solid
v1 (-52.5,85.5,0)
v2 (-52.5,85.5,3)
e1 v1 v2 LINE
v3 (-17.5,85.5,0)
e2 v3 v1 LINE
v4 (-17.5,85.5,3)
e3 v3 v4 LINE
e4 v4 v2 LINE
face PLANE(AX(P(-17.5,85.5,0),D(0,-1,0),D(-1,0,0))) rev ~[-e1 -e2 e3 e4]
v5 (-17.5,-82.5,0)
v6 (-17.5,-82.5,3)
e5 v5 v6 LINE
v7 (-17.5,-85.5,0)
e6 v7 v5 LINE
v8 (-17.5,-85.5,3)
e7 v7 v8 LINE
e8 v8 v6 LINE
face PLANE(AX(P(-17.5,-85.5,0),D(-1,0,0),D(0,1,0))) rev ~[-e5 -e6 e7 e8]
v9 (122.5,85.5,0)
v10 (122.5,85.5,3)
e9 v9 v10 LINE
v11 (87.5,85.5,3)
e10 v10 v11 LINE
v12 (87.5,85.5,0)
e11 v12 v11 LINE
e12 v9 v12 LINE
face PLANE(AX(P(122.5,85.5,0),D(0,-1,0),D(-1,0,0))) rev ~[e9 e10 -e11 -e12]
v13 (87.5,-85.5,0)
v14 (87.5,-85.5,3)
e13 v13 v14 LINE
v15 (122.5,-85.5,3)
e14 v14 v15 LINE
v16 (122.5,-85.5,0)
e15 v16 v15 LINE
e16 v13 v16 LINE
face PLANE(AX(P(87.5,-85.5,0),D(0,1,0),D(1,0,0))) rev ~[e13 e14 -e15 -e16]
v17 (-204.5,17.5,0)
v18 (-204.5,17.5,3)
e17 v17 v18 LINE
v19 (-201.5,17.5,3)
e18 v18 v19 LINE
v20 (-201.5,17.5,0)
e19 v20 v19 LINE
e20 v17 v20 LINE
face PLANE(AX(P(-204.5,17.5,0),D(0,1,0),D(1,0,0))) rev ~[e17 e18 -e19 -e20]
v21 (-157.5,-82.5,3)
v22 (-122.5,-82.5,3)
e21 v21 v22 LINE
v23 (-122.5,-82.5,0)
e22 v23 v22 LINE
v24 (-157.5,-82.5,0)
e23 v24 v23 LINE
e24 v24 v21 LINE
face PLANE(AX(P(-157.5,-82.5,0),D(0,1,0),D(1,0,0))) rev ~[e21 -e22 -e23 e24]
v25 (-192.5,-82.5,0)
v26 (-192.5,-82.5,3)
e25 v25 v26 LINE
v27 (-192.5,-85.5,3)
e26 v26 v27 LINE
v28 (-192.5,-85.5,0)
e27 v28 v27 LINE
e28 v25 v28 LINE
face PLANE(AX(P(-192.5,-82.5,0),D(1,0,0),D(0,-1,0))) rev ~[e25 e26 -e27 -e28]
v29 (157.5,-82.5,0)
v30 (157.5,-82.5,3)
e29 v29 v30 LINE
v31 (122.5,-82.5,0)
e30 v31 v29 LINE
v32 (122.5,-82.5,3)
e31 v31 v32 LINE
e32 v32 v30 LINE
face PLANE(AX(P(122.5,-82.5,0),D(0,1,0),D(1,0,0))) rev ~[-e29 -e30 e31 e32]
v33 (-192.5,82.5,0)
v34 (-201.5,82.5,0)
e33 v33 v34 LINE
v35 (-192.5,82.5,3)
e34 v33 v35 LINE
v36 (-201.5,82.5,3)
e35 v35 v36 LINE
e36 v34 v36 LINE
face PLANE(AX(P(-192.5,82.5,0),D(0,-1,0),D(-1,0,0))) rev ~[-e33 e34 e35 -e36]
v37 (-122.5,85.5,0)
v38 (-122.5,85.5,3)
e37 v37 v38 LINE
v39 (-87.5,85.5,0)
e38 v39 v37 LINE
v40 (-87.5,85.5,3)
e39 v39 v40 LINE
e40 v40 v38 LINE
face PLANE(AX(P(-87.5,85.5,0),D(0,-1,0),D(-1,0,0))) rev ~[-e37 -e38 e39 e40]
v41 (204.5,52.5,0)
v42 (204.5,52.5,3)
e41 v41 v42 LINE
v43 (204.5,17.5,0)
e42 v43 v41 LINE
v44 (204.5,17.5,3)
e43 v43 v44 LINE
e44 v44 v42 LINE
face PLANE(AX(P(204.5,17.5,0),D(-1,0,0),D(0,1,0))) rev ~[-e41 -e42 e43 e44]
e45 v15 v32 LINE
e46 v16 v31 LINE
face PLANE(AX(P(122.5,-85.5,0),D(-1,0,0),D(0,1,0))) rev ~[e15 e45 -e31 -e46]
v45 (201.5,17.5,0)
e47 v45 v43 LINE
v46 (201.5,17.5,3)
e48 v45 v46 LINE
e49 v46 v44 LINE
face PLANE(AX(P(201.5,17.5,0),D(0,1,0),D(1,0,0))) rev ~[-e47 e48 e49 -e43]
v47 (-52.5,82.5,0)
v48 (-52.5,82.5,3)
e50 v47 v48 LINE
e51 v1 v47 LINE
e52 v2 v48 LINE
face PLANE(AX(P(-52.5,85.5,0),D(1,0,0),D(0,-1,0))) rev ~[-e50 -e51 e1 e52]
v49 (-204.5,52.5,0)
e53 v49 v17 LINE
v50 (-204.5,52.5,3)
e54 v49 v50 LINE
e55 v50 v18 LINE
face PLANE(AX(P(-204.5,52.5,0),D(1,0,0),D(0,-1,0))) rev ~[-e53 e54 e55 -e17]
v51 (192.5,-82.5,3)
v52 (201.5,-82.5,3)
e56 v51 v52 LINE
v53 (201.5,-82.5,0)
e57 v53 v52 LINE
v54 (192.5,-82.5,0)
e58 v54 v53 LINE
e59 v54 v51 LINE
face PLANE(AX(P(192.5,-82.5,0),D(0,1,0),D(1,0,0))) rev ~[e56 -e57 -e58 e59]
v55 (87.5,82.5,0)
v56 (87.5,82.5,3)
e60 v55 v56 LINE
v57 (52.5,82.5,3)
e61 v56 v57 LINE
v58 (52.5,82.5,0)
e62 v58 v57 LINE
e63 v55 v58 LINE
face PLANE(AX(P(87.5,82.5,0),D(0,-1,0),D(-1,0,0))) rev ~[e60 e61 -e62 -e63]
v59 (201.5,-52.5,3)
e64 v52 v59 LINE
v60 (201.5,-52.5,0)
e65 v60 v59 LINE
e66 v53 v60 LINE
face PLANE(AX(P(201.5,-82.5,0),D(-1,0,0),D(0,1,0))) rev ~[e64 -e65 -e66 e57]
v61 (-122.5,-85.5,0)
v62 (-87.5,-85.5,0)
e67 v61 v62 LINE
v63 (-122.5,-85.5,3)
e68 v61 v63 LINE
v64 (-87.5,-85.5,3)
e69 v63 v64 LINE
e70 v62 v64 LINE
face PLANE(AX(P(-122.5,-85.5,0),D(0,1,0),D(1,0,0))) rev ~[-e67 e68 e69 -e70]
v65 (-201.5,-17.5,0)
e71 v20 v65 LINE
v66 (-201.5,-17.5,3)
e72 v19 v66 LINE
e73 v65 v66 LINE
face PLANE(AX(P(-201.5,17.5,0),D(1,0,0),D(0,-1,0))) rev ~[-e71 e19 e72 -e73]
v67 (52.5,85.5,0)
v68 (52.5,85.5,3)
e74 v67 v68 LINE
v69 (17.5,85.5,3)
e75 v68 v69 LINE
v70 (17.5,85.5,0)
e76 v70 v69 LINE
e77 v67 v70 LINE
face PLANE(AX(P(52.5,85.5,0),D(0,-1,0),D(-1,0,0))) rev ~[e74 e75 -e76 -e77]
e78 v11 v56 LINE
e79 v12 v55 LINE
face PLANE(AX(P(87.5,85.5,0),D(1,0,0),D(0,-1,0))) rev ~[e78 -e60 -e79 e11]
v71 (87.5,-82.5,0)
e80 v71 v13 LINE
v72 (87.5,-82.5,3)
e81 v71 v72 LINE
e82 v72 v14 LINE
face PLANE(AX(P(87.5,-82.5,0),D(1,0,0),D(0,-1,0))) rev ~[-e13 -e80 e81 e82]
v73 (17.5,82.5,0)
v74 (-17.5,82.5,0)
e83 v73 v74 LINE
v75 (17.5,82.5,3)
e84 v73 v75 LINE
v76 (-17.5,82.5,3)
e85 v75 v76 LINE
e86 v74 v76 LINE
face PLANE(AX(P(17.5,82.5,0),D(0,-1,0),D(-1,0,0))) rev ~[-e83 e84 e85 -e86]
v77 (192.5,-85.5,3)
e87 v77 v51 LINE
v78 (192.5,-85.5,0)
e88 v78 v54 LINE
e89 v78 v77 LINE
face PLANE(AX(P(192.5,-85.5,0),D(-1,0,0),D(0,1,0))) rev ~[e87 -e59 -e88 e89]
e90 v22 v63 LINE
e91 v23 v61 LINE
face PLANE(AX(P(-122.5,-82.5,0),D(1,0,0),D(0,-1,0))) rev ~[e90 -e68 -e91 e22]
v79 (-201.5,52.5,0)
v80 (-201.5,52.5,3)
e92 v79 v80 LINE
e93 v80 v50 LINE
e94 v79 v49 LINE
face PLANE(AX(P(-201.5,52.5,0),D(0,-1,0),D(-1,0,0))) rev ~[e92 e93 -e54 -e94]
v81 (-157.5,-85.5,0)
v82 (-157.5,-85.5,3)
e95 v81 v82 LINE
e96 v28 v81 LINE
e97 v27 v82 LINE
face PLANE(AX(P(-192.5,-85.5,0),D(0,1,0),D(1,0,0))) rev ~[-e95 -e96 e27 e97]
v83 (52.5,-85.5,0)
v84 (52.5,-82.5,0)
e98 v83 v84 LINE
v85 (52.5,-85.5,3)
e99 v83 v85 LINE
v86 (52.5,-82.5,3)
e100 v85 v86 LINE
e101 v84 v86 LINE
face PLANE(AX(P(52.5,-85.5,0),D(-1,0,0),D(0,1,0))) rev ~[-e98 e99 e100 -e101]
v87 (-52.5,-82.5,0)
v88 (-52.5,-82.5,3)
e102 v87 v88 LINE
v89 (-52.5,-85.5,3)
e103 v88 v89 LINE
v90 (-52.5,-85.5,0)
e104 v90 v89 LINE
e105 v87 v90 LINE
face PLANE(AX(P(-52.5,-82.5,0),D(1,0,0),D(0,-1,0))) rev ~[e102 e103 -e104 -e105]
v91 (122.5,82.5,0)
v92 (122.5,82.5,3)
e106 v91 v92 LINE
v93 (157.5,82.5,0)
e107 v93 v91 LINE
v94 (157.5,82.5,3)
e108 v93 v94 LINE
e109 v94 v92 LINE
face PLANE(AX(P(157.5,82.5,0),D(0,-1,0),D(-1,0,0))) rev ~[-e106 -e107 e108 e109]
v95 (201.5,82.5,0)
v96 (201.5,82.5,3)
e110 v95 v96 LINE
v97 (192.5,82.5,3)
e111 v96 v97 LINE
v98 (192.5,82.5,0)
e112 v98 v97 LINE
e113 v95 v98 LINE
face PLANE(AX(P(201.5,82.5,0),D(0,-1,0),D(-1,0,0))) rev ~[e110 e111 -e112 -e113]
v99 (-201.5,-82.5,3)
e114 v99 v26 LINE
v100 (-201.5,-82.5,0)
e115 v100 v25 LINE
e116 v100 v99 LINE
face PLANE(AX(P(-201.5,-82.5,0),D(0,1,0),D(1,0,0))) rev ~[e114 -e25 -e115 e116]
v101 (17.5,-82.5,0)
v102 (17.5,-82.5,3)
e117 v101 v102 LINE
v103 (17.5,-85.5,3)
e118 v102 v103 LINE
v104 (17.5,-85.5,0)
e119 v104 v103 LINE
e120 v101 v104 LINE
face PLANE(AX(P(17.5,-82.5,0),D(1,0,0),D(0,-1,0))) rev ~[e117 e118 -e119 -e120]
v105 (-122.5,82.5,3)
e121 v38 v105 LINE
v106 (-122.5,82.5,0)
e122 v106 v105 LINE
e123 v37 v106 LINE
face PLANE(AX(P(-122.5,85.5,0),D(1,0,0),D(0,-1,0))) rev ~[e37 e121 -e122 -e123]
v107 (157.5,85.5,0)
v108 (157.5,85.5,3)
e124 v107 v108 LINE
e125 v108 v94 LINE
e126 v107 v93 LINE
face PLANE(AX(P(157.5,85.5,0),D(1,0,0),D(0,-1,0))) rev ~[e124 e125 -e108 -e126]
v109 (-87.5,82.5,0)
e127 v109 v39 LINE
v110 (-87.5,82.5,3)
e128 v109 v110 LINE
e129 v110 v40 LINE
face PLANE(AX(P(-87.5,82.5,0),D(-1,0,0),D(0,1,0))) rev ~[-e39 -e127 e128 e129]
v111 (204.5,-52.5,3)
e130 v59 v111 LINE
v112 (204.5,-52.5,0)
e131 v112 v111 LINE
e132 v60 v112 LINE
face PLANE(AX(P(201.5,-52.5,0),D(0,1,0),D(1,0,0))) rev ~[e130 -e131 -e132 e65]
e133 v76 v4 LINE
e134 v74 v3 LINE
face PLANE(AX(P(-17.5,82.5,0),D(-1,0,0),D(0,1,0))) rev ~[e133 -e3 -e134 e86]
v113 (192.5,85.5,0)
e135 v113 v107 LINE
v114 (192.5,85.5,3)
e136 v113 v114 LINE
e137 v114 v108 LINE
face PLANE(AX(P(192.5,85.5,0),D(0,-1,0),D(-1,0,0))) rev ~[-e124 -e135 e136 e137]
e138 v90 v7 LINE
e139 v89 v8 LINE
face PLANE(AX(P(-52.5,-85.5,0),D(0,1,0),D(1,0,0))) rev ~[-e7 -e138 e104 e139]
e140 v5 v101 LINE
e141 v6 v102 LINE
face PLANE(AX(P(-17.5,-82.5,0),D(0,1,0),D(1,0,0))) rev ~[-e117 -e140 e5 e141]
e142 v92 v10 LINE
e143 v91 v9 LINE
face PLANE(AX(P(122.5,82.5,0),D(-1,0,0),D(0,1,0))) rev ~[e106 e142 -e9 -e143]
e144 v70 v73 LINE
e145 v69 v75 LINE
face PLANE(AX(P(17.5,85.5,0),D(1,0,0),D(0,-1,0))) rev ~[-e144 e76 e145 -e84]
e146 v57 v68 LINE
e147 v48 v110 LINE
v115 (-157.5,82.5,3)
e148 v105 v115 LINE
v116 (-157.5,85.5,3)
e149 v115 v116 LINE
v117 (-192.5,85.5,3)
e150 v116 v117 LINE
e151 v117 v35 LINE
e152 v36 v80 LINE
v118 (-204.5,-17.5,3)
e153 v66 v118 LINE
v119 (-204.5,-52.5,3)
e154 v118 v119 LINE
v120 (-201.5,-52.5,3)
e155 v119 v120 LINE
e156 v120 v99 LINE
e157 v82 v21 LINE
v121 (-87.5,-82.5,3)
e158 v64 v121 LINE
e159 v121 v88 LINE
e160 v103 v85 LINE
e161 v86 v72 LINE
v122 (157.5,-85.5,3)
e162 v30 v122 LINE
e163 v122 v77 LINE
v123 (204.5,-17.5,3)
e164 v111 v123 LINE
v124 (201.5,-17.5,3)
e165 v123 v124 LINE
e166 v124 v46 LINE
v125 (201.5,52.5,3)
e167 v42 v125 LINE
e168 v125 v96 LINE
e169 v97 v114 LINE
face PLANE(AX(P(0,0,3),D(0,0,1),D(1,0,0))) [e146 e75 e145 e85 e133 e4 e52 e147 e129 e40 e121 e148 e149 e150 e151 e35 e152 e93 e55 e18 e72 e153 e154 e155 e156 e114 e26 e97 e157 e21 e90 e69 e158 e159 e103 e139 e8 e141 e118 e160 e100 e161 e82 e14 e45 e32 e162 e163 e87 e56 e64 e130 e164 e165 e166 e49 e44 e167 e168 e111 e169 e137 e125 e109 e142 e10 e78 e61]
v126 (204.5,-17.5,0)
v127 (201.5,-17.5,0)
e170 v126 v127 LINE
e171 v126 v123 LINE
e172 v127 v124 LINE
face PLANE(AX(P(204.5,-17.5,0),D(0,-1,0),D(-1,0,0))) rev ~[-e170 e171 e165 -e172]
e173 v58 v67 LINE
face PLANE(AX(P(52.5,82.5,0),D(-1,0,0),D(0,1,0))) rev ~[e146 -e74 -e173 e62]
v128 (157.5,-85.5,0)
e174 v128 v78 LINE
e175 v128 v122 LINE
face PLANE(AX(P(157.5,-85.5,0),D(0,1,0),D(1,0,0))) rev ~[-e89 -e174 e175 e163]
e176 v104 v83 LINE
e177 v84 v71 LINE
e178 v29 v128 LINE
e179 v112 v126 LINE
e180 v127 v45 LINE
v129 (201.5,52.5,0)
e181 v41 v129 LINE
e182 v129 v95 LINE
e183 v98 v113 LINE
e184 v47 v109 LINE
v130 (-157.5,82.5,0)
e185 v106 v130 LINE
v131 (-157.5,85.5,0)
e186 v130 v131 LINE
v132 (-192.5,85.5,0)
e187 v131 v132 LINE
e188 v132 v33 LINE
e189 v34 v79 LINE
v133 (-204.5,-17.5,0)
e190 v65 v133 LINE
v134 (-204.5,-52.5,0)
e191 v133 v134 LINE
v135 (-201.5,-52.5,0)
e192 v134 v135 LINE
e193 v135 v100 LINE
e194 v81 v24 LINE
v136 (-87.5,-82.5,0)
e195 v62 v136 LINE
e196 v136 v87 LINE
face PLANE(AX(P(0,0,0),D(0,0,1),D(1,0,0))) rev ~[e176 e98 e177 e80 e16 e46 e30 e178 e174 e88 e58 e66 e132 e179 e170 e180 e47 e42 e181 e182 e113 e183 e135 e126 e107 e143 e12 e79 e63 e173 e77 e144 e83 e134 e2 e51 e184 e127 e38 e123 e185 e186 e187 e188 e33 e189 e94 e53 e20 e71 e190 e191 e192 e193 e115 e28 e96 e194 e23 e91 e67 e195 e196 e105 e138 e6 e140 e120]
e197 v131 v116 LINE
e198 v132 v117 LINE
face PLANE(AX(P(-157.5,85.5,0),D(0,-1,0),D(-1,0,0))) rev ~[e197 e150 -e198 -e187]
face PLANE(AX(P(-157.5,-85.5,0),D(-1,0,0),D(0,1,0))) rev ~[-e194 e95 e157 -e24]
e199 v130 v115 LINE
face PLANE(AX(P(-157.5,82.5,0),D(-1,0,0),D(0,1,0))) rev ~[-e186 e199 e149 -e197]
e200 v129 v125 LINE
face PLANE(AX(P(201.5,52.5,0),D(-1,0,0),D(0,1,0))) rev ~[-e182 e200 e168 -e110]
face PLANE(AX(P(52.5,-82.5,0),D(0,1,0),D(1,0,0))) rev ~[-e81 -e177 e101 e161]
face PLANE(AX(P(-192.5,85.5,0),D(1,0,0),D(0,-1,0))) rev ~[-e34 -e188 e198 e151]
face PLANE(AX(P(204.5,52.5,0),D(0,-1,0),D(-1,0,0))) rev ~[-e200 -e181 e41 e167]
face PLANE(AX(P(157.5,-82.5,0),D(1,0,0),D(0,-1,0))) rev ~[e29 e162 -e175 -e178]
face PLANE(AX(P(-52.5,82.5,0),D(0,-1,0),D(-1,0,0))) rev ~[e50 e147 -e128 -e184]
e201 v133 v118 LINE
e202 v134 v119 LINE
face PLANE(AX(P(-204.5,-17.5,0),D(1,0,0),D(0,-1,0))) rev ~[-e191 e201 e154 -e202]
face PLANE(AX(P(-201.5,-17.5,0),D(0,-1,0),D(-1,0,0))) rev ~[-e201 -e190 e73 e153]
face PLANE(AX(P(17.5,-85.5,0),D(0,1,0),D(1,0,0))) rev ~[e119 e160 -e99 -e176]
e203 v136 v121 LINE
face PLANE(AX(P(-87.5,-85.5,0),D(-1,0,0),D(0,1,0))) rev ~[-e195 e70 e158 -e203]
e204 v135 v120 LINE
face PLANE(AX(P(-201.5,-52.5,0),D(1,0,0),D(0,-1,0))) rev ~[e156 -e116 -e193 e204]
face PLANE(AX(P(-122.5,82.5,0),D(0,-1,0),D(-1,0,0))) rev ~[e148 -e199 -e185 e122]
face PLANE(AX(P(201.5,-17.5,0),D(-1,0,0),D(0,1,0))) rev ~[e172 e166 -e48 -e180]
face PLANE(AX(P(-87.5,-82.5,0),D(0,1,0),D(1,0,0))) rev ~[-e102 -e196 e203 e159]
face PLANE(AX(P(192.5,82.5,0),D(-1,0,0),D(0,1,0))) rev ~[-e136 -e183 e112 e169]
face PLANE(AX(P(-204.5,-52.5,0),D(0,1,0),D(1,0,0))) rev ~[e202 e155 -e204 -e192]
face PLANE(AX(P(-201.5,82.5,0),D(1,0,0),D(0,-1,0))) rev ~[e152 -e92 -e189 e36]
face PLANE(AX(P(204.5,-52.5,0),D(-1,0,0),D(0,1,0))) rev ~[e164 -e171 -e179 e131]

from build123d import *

# Parameters (mm, degrees)
BOSS_EXTRUDE1_DEPTH = 3


with BuildPart() as part:
    # Model → Boss-Extrude1 (new body)
    with BuildSketch(Plane.XY):
        Polygon((192.5, 85.5), (157.5, 85.5), (157.5, 82.5), (122.5, 82.5), (122.5, 85.5), (87.5, 85.5), (87.5, 82.5), (52.5, 82.5), (52.5, 85.5), (17.5, 85.5), (17.5, 82.5), (-17.5, 82.5), (-17.5, 85.5), (-52.5, 85.5), (-52.5, 82.5), (-87.5, 82.5), (-87.5, 85.5), (-122.5, 85.5), (-122.5, 82.5), (-157.5, 82.5), (-157.5, 85.5), (-192.5, 85.5), (-192.5, 82.5), (-201.5, 82.5), (-201.5, 52.5), (-204.5, 52.5), (-204.5, 17.5), (-201.5, 17.5), (-201.5, -17.5), (-204.5, -17.5), (-204.5, -52.5), (-201.5, -52.5), (-201.5, -82.5), (-192.5, -82.5), (-192.5, -85.5), (-157.5, -85.5), (-157.5, -82.5), (-122.5, -82.5), (-122.5, -85.5), (-87.5, -85.5), (-87.5, -82.5), (-52.5, -82.5), (-52.5, -85.5), (-17.5, -85.5), (-17.5, -82.5), (17.5, -82.5), (17.5, -85.5), (52.5, -85.5), (52.5, -82.5), (87.5, -82.5), (87.5, -85.5), (122.5, -85.5), (122.5, -82.5), (157.5, -82.5), (157.5, -85.5), (192.5, -85.5), (192.5, -82.5), (201.5, -82.5), (201.5, -52.5), (204.5, -52.5), (204.5, -17.5), (201.5, -17.5), (201.5, 17.5), (204.5, 17.5), (204.5, 52.5), (201.5, 52.5), (201.5, 82.5), (192.5, 82.5), align=None)
    extrude(amount=BOSS_EXTRUDE1_DEPTH)


solid = part.part
